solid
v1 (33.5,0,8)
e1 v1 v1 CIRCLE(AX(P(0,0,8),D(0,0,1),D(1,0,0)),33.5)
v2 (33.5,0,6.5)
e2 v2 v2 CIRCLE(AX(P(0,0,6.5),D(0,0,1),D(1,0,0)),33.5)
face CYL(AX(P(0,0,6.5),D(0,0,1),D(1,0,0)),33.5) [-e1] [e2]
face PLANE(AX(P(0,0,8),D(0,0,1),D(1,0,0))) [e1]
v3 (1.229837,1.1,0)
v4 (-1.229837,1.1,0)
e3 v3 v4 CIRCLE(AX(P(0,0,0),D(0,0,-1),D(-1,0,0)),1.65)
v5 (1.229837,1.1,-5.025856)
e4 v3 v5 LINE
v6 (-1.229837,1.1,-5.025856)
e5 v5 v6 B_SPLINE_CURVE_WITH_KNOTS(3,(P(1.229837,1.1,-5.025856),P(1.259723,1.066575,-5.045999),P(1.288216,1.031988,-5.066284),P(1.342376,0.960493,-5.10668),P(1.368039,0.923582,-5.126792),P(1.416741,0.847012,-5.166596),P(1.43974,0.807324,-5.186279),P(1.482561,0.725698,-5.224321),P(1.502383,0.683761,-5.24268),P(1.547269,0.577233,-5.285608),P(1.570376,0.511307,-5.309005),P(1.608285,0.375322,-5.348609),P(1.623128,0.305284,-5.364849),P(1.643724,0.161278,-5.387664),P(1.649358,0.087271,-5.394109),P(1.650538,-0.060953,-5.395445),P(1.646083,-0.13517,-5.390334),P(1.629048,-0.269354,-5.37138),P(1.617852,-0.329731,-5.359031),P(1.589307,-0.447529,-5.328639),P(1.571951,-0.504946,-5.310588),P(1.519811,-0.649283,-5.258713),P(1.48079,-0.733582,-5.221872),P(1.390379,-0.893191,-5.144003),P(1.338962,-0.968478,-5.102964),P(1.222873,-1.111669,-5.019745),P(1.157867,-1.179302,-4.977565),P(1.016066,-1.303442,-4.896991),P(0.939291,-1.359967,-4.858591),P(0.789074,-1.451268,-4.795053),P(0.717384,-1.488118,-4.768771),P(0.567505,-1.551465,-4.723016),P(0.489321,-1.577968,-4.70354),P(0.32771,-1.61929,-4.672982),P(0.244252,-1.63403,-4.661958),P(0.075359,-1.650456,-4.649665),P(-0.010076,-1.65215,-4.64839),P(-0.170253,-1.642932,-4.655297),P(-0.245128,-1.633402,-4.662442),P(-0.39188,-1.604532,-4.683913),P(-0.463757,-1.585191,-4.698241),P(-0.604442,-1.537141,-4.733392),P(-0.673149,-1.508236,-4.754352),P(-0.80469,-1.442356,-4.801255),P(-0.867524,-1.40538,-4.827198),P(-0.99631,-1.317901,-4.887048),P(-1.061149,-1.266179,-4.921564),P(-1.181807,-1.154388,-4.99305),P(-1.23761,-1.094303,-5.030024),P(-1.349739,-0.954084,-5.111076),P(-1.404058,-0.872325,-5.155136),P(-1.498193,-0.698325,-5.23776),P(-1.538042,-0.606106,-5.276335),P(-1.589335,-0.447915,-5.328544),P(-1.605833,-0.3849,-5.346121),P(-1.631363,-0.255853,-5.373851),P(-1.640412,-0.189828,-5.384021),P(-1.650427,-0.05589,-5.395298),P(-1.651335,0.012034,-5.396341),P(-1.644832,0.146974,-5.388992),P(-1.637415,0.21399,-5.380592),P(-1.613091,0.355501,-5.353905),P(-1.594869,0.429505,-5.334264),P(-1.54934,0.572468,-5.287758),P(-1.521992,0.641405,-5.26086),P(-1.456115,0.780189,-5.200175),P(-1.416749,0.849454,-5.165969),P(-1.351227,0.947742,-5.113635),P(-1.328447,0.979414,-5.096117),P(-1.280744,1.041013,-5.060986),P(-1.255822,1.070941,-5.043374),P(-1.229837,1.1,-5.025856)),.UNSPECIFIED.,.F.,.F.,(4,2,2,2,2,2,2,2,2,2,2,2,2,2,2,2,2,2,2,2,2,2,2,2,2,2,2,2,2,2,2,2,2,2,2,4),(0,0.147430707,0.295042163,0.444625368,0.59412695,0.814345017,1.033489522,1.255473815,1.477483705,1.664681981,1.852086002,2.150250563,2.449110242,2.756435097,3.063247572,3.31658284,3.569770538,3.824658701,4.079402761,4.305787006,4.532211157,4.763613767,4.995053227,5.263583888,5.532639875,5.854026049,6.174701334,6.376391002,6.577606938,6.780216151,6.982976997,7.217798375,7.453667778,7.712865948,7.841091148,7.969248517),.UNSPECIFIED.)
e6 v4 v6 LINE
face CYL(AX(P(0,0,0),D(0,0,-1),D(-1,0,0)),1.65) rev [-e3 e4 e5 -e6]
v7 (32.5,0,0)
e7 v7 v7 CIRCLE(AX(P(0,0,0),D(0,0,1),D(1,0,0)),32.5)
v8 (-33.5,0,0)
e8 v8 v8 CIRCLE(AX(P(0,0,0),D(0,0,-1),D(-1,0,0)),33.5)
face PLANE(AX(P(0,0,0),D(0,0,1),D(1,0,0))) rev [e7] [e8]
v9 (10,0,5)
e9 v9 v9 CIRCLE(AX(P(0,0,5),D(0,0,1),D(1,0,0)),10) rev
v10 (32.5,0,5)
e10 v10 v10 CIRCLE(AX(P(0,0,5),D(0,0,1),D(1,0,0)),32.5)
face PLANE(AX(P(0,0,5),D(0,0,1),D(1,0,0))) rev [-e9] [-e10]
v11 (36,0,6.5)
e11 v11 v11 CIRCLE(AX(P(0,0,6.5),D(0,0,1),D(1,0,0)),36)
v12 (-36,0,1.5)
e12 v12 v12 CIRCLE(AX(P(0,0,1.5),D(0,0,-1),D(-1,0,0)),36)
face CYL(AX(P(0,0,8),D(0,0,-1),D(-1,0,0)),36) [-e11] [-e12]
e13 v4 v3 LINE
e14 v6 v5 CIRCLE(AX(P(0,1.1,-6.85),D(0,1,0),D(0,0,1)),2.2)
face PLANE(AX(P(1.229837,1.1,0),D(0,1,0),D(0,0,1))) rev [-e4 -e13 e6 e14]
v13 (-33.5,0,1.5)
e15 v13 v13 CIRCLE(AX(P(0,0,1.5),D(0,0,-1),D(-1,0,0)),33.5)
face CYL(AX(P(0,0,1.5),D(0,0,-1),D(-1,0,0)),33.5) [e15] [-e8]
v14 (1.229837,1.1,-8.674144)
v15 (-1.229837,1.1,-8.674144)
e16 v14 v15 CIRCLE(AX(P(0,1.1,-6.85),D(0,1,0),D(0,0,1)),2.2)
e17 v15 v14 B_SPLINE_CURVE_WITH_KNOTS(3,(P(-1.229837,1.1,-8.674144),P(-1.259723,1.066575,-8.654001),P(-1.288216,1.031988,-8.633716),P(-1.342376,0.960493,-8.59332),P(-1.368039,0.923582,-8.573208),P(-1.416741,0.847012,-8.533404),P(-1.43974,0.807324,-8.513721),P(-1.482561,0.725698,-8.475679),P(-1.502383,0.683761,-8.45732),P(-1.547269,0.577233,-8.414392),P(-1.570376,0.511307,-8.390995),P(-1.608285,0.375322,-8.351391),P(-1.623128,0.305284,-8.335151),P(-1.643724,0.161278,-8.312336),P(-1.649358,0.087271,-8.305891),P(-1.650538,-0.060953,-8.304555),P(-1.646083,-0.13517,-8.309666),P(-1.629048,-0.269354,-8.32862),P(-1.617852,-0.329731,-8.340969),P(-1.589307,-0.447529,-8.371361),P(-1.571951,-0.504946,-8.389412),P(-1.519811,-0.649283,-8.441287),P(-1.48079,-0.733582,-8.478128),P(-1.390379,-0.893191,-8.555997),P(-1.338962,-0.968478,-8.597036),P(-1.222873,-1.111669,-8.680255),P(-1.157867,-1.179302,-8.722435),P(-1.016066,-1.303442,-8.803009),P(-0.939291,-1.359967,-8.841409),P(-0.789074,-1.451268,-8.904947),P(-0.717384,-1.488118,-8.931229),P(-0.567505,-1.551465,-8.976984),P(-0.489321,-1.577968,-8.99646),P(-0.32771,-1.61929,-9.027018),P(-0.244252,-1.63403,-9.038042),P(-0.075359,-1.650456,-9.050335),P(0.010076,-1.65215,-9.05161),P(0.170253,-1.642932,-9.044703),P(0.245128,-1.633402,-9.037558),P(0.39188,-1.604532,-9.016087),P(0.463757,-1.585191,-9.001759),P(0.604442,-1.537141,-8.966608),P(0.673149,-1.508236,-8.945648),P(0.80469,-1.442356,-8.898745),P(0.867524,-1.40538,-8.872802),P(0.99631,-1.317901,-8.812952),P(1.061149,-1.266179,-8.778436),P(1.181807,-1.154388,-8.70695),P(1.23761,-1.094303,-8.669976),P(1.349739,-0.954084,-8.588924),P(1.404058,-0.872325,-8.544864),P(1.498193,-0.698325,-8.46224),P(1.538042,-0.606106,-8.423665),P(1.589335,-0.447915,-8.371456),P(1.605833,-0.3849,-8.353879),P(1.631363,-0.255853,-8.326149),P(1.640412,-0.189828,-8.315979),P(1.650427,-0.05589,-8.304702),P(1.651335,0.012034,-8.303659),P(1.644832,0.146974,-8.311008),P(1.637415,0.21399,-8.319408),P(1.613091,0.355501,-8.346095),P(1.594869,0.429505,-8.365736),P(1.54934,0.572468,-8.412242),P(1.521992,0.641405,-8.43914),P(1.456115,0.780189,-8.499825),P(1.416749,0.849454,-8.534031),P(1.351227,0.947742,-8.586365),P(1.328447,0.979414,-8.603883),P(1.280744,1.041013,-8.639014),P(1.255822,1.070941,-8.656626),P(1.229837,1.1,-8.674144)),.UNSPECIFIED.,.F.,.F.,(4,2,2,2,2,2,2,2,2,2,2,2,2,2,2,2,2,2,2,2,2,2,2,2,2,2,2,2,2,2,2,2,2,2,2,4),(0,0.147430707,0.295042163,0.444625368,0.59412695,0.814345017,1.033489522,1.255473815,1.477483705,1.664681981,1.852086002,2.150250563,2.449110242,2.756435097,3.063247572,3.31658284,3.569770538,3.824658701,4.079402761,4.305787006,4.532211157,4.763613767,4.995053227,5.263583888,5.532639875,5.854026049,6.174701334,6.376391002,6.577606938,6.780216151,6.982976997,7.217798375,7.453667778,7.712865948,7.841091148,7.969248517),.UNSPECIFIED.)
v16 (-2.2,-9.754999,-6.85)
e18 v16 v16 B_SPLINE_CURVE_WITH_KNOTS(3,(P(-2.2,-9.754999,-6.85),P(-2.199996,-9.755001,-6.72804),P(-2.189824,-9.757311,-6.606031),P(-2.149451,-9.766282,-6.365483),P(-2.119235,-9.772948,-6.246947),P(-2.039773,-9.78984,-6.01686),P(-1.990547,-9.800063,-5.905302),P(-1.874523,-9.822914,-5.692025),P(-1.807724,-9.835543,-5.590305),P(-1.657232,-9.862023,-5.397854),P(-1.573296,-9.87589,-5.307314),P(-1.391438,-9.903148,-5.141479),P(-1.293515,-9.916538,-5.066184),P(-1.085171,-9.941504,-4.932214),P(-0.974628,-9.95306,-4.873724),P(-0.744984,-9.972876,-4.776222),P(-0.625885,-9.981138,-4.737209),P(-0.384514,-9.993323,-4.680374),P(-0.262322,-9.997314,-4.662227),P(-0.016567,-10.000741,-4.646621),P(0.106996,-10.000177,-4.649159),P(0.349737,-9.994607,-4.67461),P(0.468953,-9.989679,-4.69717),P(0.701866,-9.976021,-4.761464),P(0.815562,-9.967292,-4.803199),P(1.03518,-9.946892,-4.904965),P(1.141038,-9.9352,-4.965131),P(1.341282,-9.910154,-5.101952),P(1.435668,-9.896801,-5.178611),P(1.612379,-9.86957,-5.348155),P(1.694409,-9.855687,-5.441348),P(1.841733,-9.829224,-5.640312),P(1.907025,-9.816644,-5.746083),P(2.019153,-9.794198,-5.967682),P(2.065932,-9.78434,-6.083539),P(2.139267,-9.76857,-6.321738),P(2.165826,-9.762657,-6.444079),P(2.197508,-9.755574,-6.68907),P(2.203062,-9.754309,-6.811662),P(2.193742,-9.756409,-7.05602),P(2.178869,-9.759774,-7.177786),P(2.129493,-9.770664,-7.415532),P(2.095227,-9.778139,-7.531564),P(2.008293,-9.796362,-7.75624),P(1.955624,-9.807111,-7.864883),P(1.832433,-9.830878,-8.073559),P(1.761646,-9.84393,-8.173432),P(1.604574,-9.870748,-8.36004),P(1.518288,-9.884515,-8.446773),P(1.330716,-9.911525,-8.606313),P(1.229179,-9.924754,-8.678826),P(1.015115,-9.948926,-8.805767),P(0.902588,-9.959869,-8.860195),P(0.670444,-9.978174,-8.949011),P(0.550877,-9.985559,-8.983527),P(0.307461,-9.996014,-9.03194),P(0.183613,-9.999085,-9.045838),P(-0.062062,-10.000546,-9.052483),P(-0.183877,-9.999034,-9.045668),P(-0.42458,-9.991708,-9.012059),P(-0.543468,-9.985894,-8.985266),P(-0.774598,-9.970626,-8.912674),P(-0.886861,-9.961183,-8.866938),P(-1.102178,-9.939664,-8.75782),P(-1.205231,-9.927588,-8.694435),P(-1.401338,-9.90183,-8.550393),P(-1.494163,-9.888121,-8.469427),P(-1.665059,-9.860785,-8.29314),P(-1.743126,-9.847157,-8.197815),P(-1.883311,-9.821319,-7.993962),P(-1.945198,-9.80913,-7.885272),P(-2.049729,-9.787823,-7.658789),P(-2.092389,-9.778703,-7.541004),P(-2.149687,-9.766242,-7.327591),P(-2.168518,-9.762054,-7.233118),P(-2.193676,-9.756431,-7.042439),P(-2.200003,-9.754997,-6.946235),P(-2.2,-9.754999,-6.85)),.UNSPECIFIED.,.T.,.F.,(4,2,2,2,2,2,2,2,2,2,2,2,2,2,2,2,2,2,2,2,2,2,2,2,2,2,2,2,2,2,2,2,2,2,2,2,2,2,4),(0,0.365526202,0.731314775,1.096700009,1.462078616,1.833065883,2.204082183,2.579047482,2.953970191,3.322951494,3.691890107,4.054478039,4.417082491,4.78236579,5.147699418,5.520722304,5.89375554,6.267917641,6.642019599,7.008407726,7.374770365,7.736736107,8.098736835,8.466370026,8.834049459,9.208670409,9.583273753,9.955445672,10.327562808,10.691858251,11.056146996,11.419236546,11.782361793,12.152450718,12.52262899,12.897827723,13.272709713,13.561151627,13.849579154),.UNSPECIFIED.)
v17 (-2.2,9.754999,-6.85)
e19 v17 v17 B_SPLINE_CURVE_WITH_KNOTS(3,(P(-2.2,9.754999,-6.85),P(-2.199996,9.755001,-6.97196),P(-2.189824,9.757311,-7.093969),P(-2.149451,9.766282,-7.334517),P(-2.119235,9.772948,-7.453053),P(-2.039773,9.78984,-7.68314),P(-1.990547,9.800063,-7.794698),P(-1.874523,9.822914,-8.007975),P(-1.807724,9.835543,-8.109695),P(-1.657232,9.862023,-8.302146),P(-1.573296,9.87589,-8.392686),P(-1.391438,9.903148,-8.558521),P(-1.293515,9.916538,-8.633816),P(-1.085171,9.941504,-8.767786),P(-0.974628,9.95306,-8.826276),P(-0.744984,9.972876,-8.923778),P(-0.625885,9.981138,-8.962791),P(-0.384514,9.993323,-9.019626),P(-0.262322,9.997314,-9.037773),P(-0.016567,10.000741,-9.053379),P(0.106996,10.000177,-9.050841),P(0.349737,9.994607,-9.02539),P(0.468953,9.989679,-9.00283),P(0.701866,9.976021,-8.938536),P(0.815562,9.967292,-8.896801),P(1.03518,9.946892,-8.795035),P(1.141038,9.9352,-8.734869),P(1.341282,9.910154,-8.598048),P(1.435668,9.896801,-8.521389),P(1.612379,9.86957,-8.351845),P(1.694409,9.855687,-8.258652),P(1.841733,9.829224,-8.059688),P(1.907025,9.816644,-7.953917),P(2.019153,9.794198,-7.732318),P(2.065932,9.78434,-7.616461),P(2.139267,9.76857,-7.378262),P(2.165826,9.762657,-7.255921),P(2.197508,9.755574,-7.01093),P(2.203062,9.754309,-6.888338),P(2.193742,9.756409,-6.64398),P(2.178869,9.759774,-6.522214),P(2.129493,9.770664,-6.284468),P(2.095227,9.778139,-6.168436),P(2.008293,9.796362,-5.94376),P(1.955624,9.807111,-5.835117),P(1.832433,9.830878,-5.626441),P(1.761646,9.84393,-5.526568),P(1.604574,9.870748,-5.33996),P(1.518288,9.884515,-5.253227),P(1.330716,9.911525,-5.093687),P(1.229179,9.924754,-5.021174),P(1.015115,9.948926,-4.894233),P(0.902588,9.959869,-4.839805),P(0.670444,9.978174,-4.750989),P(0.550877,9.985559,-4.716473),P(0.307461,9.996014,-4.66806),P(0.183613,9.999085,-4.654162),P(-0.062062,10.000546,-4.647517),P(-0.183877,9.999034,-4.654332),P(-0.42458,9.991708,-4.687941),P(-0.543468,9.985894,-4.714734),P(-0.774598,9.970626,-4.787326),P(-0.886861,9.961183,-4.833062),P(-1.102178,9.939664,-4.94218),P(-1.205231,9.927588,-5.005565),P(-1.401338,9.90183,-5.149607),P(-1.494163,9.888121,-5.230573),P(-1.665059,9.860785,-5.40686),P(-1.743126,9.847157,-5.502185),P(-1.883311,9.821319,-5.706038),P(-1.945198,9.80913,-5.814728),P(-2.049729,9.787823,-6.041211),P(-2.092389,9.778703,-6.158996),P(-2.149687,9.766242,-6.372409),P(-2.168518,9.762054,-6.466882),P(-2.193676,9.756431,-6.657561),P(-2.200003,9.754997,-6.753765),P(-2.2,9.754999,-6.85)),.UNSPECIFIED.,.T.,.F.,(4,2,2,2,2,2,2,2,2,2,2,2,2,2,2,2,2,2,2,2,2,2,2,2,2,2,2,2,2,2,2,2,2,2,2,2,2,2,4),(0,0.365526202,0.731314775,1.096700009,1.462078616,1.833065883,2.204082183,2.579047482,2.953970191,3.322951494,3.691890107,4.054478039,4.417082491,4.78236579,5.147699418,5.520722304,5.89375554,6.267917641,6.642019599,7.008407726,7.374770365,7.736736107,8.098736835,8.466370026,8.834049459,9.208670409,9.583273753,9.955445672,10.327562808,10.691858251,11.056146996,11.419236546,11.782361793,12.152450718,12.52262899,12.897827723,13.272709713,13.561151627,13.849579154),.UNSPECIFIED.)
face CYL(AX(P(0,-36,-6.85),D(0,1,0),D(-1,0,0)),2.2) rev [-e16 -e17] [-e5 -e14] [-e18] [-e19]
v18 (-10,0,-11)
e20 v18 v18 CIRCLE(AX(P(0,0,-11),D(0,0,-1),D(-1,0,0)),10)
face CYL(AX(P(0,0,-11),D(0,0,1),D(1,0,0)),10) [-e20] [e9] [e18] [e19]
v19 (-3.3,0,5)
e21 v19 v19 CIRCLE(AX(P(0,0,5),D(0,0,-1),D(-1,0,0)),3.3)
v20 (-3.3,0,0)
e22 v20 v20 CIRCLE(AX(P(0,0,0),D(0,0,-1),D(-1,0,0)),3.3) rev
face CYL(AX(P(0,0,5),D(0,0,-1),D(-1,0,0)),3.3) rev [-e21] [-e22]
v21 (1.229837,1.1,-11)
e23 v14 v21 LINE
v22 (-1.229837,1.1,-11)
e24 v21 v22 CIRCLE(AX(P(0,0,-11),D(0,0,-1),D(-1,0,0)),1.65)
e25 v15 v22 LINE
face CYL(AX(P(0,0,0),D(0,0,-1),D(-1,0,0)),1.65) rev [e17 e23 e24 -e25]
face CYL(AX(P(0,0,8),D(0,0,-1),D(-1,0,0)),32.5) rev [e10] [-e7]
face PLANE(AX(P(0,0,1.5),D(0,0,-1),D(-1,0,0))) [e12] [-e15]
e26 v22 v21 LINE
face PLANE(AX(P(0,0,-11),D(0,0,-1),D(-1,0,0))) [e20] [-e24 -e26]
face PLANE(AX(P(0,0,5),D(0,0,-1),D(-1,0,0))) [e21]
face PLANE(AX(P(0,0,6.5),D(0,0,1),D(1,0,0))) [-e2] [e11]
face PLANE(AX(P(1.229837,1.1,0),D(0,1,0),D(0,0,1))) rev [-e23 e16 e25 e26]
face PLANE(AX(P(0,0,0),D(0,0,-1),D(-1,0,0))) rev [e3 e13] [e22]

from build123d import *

# Parameters (mm, degrees)
ESBO_O1_R                     = 35
ESBO_O1_R_2                   = 32.5
RESSALTO_EXTRUS_O1_DEPTH      = 8
RESSALTO_EXTRUS_O2_START      = -3
ESBO_O2_R                     = 32.5
RESSALTO_EXTRUS_O2_DEPTH      = 3
ESBO_O3_R                     = 2.5
CORTE_EXTRUS_O1_DEPTH         = 3
RESSALTO_EXTRUS_O3_DEPTH      = 5
RESSALTO_EXTRUS_O3_DEPTH_BACK = 3
ESBO_O4_R                     = 37
ESBO_O4_R_2                   = 35
ESBO_O5_W                     = 1.8
ESBO_O5_H                     = 3
ESBO_O6_R                     = 12.55
RESSALTO_EXTRUS_O4_DEPTH      = 5
CORTE_EXTRUS_O2_DEPTH         = 53.933921071
CORTE_EXTRUS_O2_DEPTH_BACK    = 53.933921071
ESBO_O7_R                     = 7.55
RESSALTO_EXTRUS_O5_START      = -8
ESBO_O8_R                     = 37
ESBO_O8_R_2                   = 32.5
RESSALTO_EXTRUS_O5_DEPTH      = 8
ESBO_O9_R                     = 37
ESBO_O9_R_2                   = 33.5
CORTE_EXTRUS_O8_DEPTH         = 1.5
CORTE_EXTRUS_O9_START         = -1.5
ESBO_O12_R                    = 37
ESBO_O12_R_2                  = 33.5
CORTE_EXTRUS_O9_DEPTH         = 1.5
CORTE_EXTRUS_O10_START        = -10
ESBO_O13_R                    = 37
ESBO_O13_R_2                  = 36
CORTE_EXTRUS_O10_DEPTH        = 10
ESBO_O14_R                    = 37
ESBO_O14_R_2                  = 36
RESSALTO_EXTRUS_O6_DEPTH      = 5
ESBO_O15_R                    = 12.55
CORTE_EXTRUS_O11_DEPTH        = 53.933921071
ESBO_O16_R                    = 12.55
RESSALTO_EXTRUS_O7_DEPTH      = 3
ESBO_O17_R                    = 10
RESSALTO_EXTRUS_O8_DEPTH      = 16
ESBO_O18_R                    = 3.3
CORTE_EXTRUS_O12_DEPTH        = 16
ESBO_O23_R                    = 37
ESBO_O23_R_2                  = 36
CORTE_EXTRUS_O15_DEPTH        = 54.798234172
ESBO_O24_R                    = 3.3
RESSALTO_EXTRUS_O9_DEPTH      = 11
CORTE_EXTRUS_O14_DEPTH        = 56.88103435
CORTE_EXTRUS_O14_DEPTH_BACK   = 56.88103435
ESBO_O21_R                    = 2.2


with BuildPart() as part:
    # Esboço1 → Ressalto-extrusão1 (new body)
    with BuildSketch(Plane.XY):
        Circle(ESBO_O1_R)
        Circle(ESBO_O1_R_2, mode=Mode.SUBTRACT)
    extrude(amount=RESSALTO_EXTRUS_O1_DEPTH)

    # Esboço2 → Ressalto-extrusão2 (add)
    with BuildSketch(Plane.XY.offset(8).offset(RESSALTO_EXTRUS_O2_START)):
        Circle(ESBO_O2_R)
    extrude(amount=RESSALTO_EXTRUS_O2_DEPTH)

    # Esboço3 → Corte-extrusão1 (cut)
    with BuildSketch(Plane.XY.offset(8)):
        Circle(ESBO_O3_R)
    extrude(amount=-CORTE_EXTRUS_O1_DEPTH, mode=Mode.SUBTRACT)

    # Esboço4 → Ressalto-extrusão3 (add, two sides: drawn at the far end of the back side and taken through both)
    with BuildSketch(Plane(origin=(0, 0, 5), x_dir=(-1, 0, 0), z_dir=(0, 0, -1)).offset(-RESSALTO_EXTRUS_O3_DEPTH_BACK)):
        Circle(ESBO_O4_R)
        Circle(ESBO_O4_R_2, mode=Mode.SUBTRACT)
    extrude(amount=RESSALTO_EXTRUS_O3_DEPTH + RESSALTO_EXTRUS_O3_DEPTH_BACK)

    # Esboço5 → Corte-Revolução1 (revolve, cut)
    with BuildSketch(Plane(origin=(0, 0, 0), x_dir=(1, 0, 0), z_dir=(0, 1, 0))):
        with Locations((-36.1, -2.5)):
            Rectangle(ESBO_O5_W, ESBO_O5_H)
        with Locations((-36.1, -5.5)):
            Rectangle(ESBO_O5_W, ESBO_O5_H)
    revolve(axis=Axis((0, 0, 8), (0, 0, -1)), mode=Mode.SUBTRACT)

    # Esboço6 → Ressalto-extrusão4 (add)
    with BuildSketch(Plane(origin=(0, 0, 5), x_dir=(-1, 0, 0), z_dir=(0, 0, -1))):
        with Locations(Location((0, 0, 0), (0, 0, 180))):
            Circle(ESBO_O6_R)
    extrude(amount=RESSALTO_EXTRUS_O4_DEPTH)

    # Esboço7 → Corte-extrusão2 (cut, two sides: drawn at the far end of the back side and taken through both)
    with BuildSketch(Plane(origin=(0, 0, 0), x_dir=(-1, 0, 0), z_dir=(0, 0, -1)).offset(-CORTE_EXTRUS_O2_DEPTH_BACK)):
        Circle(ESBO_O7_R)
    extrude(amount=CORTE_EXTRUS_O2_DEPTH + CORTE_EXTRUS_O2_DEPTH_BACK, mode=Mode.SUBTRACT)

    # Esboço8 → Ressalto-extrusão5 (add)
    with BuildSketch(Plane.XY.offset(8).offset(RESSALTO_EXTRUS_O5_START)):
        with Locations(Location((0, 0, 0), (0, 0, 180))):
            Circle(ESBO_O8_R)
        Circle(ESBO_O8_R_2, mode=Mode.SUBTRACT)
    extrude(amount=RESSALTO_EXTRUS_O5_DEPTH)

    # Esboço9 → Corte-extrusão8 (cut)
    with BuildSketch(Plane.XY.offset(8)):
        with Locations(Location((0, 0, 0), (0, 0, 180))):
            Circle(ESBO_O9_R)
        Circle(ESBO_O9_R_2, mode=Mode.SUBTRACT)
    extrude(amount=-CORTE_EXTRUS_O8_DEPTH, mode=Mode.SUBTRACT)

    # Esboço12 → Corte-extrusão9 (cut)
    with BuildSketch(Plane(origin=(0, 0, 0), x_dir=(-1, 0, 0), z_dir=(0, 0, -1)).offset(CORTE_EXTRUS_O9_START)):
        Circle(ESBO_O12_R)
        with Locations(Location((0, 0, 0), (0, 0, 180))):
            Circle(ESBO_O12_R_2, mode=Mode.SUBTRACT)
    extrude(amount=CORTE_EXTRUS_O9_DEPTH, mode=Mode.SUBTRACT)

    # Esboço13 → Corte-extrusão10 (cut)
    with BuildSketch(Plane(origin=(0, 0, 1.5), x_dir=(-1, 0, 0), z_dir=(0, 0, -1)).offset(CORTE_EXTRUS_O10_START)):
        Circle(ESBO_O13_R)
        Circle(ESBO_O13_R_2, mode=Mode.SUBTRACT)
    extrude(amount=CORTE_EXTRUS_O10_DEPTH, mode=Mode.SUBTRACT)

    # Esboço14 → Ressalto-extrusão6 (add)
    with BuildSketch(Plane.XY.offset(6.5)):
        Circle(ESBO_O14_R)
        Circle(ESBO_O14_R_2, mode=Mode.SUBTRACT)
    extrude(amount=-RESSALTO_EXTRUS_O6_DEPTH)

    # Esboço15 → Corte-extrusão11 (cut, through all)
    with BuildSketch(Plane(origin=(0, 0, 0), x_dir=(-1, 0, 0), z_dir=(0, 0, -1))):
        Circle(ESBO_O15_R)
    extrude(amount=-CORTE_EXTRUS_O11_DEPTH, mode=Mode.SUBTRACT)

    # Esboço16 → Ressalto-extrusão7 (add, through all)
    with BuildSketch(Plane(origin=(0, 0, 5), x_dir=(-1, 0, 0), z_dir=(0, 0, -1))):
        Circle(ESBO_O16_R)
    extrude(amount=-RESSALTO_EXTRUS_O7_DEPTH)

    # Esboço17 → Ressalto-extrusão8 (add)
    with BuildSketch(Plane(origin=(0, 0, 5), x_dir=(-1, 0, 0), z_dir=(0, 0, -1))):
        with Locations(Location((0, 0, 0), (0, 0, 180))):
            Circle(ESBO_O17_R)
    extrude(amount=RESSALTO_EXTRUS_O8_DEPTH)

    # Esboço18 → Corte-extrusão12 (cut)
    with BuildSketch(Plane(origin=(0, 0, -11), x_dir=(-1, 0, 0), z_dir=(0, 0, -1))):
        Circle(ESBO_O18_R)
    extrude(amount=-CORTE_EXTRUS_O12_DEPTH, mode=Mode.SUBTRACT)

    # Esboço23 → Corte-extrusão15 (cut, through all)
    with BuildSketch(Plane(origin=(0, 0, 1.5), x_dir=(-1, 0, 0), z_dir=(0, 0, -1))):
        Circle(ESBO_O23_R)
        Circle(ESBO_O23_R_2, mode=Mode.SUBTRACT)
    extrude(amount=-CORTE_EXTRUS_O15_DEPTH, mode=Mode.SUBTRACT)

    # Esboço24 → Ressalto-extrusão9 (add)
    with BuildSketch(Plane(origin=(0, 0, -11), x_dir=(-1, 0, 0), z_dir=(0, 0, -1))):
        Circle(ESBO_O24_R)
        with BuildLine():
            Line((-1.229837388, 1.1), (1.229837388, 1.1))
            ThreePointArc((1.229837388, 1.1), (0, -1.65), (-1.229837388, 1.1))
        make_face(mode=Mode.SUBTRACT)
    extrude(amount=-RESSALTO_EXTRUS_O9_DEPTH)

    # Esboço21 → Corte-extrusão14 (cut, two sides: drawn at the far end of the back side and taken through both)
    with BuildSketch(Plane(origin=(0, 5.3, 0), x_dir=(1, 0, 0), z_dir=(0, 1, 0)).offset(-CORTE_EXTRUS_O14_DEPTH_BACK)):
        with Locations(Location((0, 6.85, 0), (0, 0, 180))):
            Circle(ESBO_O21_R)
    extrude(amount=CORTE_EXTRUS_O14_DEPTH + CORTE_EXTRUS_O14_DEPTH_BACK, mode=Mode.SUBTRACT)


solid = part.part
